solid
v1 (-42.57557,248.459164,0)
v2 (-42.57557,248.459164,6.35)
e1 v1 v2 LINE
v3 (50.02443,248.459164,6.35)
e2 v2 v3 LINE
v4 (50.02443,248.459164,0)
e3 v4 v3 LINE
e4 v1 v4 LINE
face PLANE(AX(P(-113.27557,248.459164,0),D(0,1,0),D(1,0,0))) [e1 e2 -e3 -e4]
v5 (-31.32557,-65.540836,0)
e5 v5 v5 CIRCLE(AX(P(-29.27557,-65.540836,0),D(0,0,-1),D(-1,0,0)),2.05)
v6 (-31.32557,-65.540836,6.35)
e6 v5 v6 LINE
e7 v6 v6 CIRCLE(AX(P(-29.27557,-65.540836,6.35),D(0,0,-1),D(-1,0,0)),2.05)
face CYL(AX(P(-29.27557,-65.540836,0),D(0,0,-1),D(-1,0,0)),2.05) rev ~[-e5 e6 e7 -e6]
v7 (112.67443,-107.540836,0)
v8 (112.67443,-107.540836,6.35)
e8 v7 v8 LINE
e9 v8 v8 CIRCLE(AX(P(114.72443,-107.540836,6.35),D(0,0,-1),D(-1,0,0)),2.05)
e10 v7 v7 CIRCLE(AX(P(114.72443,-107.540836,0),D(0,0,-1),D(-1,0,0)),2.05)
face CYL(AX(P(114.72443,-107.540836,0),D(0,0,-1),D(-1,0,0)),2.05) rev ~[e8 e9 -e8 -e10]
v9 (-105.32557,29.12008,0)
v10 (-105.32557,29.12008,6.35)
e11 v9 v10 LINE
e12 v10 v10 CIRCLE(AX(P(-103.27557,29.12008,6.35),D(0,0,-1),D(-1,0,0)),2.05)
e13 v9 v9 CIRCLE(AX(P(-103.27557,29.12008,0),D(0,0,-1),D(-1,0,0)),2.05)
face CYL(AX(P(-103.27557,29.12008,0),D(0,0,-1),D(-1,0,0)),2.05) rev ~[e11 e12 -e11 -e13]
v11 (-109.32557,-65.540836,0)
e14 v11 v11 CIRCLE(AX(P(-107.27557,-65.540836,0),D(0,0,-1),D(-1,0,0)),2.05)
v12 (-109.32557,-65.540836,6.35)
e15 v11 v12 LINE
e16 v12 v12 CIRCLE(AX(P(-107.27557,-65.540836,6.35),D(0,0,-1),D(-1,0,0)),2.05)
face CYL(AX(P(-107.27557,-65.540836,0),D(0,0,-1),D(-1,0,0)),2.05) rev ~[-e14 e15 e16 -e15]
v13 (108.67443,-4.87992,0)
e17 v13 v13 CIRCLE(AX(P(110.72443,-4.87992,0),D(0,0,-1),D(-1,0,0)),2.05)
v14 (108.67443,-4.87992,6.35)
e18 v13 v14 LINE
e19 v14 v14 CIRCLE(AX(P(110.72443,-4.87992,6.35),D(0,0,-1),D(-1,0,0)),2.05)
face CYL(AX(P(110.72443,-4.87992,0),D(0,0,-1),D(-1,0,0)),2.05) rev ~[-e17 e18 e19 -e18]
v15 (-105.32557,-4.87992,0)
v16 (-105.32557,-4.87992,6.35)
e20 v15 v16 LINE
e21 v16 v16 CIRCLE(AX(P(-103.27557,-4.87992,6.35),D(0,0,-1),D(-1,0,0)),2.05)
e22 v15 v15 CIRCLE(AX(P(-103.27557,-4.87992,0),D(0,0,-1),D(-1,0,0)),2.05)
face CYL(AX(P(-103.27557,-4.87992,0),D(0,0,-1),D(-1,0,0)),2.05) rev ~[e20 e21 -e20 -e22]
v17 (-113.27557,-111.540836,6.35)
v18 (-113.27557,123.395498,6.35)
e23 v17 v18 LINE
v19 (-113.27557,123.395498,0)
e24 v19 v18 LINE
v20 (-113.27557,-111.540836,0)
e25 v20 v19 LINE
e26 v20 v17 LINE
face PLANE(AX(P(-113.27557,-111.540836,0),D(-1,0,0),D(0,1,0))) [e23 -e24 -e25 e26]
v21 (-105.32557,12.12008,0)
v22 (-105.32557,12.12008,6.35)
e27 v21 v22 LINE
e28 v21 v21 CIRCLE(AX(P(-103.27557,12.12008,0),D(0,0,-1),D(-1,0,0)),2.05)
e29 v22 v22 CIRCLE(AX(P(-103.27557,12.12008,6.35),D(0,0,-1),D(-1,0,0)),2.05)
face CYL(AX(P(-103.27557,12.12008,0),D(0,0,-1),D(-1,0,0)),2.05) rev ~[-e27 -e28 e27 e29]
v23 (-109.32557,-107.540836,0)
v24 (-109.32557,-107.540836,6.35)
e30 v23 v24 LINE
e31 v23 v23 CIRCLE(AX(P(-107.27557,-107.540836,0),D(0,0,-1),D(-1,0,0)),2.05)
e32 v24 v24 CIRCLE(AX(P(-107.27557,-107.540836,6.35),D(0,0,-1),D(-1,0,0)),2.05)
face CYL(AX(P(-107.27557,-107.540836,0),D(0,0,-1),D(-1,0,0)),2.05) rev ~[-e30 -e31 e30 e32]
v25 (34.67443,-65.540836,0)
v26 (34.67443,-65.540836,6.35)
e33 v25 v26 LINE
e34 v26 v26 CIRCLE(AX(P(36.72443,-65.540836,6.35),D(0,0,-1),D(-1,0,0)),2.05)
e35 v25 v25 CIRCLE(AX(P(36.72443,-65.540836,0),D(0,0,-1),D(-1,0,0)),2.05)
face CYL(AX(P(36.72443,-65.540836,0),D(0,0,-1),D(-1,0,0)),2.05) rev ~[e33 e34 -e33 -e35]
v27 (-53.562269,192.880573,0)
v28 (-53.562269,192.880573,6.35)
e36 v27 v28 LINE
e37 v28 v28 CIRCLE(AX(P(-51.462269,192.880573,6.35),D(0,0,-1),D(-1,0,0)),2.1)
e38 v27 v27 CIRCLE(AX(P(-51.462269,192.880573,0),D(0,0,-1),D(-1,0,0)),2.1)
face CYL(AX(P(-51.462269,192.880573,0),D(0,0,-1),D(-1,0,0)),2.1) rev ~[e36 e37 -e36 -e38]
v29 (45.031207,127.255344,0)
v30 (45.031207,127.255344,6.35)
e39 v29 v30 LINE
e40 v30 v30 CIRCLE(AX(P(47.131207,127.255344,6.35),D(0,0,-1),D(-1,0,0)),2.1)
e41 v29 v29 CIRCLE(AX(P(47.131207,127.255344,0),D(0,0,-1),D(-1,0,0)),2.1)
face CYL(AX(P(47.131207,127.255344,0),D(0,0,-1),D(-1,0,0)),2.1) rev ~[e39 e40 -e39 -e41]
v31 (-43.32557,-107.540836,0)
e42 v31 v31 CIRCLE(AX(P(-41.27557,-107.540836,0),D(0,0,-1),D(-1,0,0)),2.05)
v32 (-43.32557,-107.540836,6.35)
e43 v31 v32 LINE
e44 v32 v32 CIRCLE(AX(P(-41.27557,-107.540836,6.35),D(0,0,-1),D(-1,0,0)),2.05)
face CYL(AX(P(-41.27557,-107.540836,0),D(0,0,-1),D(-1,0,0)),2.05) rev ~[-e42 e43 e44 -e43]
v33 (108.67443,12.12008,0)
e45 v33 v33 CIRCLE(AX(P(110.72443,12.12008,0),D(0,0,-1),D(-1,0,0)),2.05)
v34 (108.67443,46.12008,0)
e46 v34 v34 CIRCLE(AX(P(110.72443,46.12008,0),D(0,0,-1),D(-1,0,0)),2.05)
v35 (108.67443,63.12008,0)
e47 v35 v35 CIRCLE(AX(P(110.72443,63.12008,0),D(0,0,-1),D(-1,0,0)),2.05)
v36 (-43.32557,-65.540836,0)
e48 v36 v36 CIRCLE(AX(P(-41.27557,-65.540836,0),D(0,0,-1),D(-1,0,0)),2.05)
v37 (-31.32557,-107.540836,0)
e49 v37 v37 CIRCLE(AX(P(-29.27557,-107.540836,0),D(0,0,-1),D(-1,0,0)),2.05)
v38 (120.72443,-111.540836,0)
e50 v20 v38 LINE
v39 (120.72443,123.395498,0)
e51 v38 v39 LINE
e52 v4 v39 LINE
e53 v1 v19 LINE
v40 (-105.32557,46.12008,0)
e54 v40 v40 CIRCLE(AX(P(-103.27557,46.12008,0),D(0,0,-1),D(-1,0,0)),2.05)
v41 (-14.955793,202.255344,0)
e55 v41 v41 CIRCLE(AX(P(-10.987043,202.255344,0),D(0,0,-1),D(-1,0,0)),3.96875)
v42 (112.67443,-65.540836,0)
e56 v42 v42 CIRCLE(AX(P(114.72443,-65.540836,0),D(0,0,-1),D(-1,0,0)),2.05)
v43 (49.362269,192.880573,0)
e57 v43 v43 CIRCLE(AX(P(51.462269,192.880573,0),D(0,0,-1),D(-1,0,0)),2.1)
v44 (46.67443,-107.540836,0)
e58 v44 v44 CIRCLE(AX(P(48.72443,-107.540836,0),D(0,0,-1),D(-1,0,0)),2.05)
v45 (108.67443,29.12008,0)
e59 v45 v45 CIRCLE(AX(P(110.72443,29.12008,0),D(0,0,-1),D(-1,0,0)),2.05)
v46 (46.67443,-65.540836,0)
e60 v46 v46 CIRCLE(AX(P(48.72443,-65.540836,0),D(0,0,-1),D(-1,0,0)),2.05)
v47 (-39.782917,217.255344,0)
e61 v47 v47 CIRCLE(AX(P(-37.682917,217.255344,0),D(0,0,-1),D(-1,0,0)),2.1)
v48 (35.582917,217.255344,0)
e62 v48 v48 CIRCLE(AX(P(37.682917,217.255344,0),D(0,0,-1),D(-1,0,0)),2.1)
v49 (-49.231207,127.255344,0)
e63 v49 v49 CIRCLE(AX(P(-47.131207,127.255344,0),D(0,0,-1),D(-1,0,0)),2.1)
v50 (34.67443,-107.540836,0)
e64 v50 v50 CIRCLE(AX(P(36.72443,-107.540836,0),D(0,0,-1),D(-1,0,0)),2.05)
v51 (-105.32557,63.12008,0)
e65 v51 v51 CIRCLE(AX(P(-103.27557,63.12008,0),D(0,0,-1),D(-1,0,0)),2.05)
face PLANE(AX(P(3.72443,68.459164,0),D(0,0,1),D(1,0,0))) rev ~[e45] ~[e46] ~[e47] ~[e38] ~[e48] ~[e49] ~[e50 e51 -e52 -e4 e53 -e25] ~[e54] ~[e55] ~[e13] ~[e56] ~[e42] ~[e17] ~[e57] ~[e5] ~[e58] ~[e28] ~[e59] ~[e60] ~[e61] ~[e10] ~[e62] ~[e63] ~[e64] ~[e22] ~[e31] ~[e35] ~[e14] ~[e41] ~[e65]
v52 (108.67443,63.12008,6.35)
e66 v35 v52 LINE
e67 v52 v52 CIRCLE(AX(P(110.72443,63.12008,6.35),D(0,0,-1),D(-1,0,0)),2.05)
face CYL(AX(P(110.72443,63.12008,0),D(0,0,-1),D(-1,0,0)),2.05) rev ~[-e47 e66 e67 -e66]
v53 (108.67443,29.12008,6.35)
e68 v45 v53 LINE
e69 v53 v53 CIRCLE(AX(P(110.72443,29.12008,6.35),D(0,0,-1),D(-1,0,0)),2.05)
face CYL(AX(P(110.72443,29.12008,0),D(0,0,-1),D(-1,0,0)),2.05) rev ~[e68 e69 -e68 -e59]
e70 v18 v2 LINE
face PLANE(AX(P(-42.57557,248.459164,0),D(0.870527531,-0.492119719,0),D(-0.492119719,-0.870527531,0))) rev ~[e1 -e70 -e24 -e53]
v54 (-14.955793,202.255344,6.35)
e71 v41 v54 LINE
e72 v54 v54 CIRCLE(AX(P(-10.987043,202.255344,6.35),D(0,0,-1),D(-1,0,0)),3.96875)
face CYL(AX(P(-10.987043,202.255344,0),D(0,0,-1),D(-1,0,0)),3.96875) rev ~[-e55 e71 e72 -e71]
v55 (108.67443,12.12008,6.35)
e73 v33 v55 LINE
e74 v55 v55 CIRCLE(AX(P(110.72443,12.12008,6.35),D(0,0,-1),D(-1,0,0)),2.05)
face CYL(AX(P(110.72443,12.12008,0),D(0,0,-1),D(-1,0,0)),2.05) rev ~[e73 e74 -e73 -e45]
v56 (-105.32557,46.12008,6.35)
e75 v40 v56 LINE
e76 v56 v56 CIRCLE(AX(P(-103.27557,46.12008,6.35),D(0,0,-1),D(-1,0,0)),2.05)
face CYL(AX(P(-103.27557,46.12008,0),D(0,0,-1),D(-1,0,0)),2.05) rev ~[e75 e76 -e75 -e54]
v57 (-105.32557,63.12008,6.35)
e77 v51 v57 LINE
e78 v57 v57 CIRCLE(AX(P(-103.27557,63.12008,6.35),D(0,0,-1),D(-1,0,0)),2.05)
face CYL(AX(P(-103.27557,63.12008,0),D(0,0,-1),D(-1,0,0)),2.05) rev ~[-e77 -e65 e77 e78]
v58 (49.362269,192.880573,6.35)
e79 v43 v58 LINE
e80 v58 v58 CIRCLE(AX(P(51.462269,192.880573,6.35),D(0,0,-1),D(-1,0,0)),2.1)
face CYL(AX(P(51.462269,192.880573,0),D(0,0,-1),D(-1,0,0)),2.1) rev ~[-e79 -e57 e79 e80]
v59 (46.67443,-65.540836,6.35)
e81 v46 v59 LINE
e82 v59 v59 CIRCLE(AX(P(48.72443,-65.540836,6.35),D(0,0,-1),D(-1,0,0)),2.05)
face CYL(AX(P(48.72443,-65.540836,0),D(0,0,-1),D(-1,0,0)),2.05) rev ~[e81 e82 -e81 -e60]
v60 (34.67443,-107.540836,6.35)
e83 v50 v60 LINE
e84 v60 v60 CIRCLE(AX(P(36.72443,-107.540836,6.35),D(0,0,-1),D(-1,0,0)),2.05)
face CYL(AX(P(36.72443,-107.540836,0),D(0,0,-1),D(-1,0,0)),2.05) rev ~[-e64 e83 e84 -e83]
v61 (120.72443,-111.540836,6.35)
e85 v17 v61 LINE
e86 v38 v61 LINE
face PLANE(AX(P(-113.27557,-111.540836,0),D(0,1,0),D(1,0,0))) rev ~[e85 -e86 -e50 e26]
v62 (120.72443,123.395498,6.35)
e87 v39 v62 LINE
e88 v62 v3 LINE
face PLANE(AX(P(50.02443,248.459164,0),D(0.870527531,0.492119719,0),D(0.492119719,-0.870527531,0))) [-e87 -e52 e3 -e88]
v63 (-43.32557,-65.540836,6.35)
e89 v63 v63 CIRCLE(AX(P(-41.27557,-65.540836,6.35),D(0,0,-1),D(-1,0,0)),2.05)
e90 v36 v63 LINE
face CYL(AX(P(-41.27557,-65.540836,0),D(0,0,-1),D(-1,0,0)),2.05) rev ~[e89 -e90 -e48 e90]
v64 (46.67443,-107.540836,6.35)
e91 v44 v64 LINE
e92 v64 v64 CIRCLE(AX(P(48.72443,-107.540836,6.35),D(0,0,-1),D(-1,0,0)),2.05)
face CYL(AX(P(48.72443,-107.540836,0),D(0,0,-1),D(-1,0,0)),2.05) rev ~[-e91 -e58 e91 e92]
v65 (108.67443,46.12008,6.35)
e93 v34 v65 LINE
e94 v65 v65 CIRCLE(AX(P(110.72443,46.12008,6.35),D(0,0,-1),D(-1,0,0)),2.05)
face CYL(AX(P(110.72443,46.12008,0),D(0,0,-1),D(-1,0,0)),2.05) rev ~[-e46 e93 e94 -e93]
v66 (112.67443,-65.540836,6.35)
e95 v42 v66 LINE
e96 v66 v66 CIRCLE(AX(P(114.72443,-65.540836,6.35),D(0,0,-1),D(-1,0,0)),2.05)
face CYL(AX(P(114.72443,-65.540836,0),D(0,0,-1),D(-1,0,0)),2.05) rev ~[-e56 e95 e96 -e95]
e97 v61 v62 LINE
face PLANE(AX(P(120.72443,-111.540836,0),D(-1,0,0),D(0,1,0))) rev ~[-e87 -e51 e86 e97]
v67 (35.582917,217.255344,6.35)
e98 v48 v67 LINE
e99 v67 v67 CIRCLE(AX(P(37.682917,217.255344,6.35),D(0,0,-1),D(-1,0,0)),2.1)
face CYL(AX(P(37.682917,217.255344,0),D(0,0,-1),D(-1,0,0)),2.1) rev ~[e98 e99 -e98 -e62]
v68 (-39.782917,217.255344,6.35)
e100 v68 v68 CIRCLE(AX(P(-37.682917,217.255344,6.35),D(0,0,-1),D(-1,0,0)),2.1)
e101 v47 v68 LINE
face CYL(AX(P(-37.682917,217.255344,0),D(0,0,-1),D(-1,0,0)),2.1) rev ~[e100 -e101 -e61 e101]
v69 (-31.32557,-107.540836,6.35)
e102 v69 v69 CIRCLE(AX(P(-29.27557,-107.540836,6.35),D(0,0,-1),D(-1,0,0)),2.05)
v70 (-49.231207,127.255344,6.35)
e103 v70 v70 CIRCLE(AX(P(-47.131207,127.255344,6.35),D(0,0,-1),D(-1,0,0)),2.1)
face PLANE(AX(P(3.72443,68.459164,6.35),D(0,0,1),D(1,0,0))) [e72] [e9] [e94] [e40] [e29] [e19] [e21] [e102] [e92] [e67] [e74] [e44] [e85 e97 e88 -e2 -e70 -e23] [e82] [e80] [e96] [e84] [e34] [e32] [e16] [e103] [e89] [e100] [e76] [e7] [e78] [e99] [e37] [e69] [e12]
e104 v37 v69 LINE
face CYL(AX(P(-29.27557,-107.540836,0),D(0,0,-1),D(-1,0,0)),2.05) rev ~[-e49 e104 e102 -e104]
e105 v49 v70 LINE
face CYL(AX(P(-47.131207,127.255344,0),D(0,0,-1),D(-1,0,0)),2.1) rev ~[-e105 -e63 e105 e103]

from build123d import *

# Parameters (mm, degrees)
SKETCH1_W           = 234
SKETCH1_H           = 360
BOSS_EXTRUDE1_DEPTH = 6.35
SKETCH2_R           = 2.05
SKETCH2_R_2         = 3.96875
SKETCH2_R_3         = 2.1
CUT_EXTRUDE1_DEPTH  = 10


with BuildPart() as part:
    # Sketch1 → Boss-Extrude1 (new body)
    with BuildSketch(Plane.XY):
        with Locations((3.724430118, 68.459164491)):
            Rectangle(SKETCH1_W, SKETCH1_H)
    extrude(amount=BOSS_EXTRUDE1_DEPTH)

    # Sketch2 → Cut-Extrude1 (cut)
    with BuildSketch(Plane(origin=(0, 0, 0), x_dir=(-1, 0, 0), z_dir=(0, 0, -1))):
        with Locations((107.275569882, -107.540835509)):
            Circle(SKETCH2_R)
        with Locations((107.275569882, -65.540835509)):
            Circle(SKETCH2_R)
        with Locations((41.275569882, -107.540835509)):
            Circle(SKETCH2_R)
        with Locations((41.275569882, -65.540835509)):
            Circle(SKETCH2_R)
        with Locations((29.275569882, -107.540835509)):
            Circle(SKETCH2_R)
        with Locations((29.275569882, -65.540835509)):
            Circle(SKETCH2_R)
        with Locations((-36.724430118, -107.540835509)):
            Circle(SKETCH2_R)
        with Locations((-36.724430118, -65.540835509)):
            Circle(SKETCH2_R)
        with Locations((-48.724430118, -107.540835509)):
            Circle(SKETCH2_R)
        with Locations((-48.724430118, -65.540835509)):
            Circle(SKETCH2_R)
        with Locations((-114.724430118, -107.540835509)):
            Circle(SKETCH2_R)
        with Locations((-114.724430118, -65.540835509)):
            Circle(SKETCH2_R)
        with Locations((10.98704263, 202.255343847)):
            Circle(SKETCH2_R_2)
        with Locations((-110.724430118, -4.879919884)):
            Circle(SKETCH2_R)
        with Locations((103.275569882, -4.879919884)):
            Circle(SKETCH2_R)
        with Locations((103.275569882, 12.120080116)):
            Circle(SKETCH2_R)
        with Locations((-110.724430118, 12.120080116)):
            Circle(SKETCH2_R)
        with Locations((103.275569882, 29.120080116)):
            Circle(SKETCH2_R)
        with Locations((-110.724430118, 29.120080116)):
            Circle(SKETCH2_R)
        with Locations((103.275569882, 46.120080116)):
            Circle(SKETCH2_R)
        with Locations((-110.724430118, 46.120080116)):
            Circle(SKETCH2_R)
        with Locations((103.275569882, 63.120080116)):
            Circle(SKETCH2_R)
        with Locations((-110.724430118, 63.120080116)):
            Circle(SKETCH2_R)
        with Locations((37.682916604, 217.255344198)):
            Circle(SKETCH2_R_3)
        with Locations((51.462268727, 192.880573325)):
            Circle(SKETCH2_R_3)
        with Locations((47.131206773, 127.255344198)):
            Circle(SKETCH2_R_3)
        with Locations((-37.682916604, 217.255344198)):
            Circle(SKETCH2_R_3)
        with Locations((-47.131206773, 127.255344198)):
            Circle(SKETCH2_R_3)
        with Locations((-51.462268727, 192.880573325)):
            Circle(SKETCH2_R_3)
        Polygon((-50.024430118, 248.459164491), (-120.724430118, 123.395497827), (-120.724430118, 248.459164491), align=None)
        Polygon((113.275569882, 248.459164491), (42.575569882, 248.459164491), (113.275569882, 123.395497827), align=None)
    extrude(amount=-CUT_EXTRUDE1_DEPTH, mode=Mode.SUBTRACT)


solid = part.part
